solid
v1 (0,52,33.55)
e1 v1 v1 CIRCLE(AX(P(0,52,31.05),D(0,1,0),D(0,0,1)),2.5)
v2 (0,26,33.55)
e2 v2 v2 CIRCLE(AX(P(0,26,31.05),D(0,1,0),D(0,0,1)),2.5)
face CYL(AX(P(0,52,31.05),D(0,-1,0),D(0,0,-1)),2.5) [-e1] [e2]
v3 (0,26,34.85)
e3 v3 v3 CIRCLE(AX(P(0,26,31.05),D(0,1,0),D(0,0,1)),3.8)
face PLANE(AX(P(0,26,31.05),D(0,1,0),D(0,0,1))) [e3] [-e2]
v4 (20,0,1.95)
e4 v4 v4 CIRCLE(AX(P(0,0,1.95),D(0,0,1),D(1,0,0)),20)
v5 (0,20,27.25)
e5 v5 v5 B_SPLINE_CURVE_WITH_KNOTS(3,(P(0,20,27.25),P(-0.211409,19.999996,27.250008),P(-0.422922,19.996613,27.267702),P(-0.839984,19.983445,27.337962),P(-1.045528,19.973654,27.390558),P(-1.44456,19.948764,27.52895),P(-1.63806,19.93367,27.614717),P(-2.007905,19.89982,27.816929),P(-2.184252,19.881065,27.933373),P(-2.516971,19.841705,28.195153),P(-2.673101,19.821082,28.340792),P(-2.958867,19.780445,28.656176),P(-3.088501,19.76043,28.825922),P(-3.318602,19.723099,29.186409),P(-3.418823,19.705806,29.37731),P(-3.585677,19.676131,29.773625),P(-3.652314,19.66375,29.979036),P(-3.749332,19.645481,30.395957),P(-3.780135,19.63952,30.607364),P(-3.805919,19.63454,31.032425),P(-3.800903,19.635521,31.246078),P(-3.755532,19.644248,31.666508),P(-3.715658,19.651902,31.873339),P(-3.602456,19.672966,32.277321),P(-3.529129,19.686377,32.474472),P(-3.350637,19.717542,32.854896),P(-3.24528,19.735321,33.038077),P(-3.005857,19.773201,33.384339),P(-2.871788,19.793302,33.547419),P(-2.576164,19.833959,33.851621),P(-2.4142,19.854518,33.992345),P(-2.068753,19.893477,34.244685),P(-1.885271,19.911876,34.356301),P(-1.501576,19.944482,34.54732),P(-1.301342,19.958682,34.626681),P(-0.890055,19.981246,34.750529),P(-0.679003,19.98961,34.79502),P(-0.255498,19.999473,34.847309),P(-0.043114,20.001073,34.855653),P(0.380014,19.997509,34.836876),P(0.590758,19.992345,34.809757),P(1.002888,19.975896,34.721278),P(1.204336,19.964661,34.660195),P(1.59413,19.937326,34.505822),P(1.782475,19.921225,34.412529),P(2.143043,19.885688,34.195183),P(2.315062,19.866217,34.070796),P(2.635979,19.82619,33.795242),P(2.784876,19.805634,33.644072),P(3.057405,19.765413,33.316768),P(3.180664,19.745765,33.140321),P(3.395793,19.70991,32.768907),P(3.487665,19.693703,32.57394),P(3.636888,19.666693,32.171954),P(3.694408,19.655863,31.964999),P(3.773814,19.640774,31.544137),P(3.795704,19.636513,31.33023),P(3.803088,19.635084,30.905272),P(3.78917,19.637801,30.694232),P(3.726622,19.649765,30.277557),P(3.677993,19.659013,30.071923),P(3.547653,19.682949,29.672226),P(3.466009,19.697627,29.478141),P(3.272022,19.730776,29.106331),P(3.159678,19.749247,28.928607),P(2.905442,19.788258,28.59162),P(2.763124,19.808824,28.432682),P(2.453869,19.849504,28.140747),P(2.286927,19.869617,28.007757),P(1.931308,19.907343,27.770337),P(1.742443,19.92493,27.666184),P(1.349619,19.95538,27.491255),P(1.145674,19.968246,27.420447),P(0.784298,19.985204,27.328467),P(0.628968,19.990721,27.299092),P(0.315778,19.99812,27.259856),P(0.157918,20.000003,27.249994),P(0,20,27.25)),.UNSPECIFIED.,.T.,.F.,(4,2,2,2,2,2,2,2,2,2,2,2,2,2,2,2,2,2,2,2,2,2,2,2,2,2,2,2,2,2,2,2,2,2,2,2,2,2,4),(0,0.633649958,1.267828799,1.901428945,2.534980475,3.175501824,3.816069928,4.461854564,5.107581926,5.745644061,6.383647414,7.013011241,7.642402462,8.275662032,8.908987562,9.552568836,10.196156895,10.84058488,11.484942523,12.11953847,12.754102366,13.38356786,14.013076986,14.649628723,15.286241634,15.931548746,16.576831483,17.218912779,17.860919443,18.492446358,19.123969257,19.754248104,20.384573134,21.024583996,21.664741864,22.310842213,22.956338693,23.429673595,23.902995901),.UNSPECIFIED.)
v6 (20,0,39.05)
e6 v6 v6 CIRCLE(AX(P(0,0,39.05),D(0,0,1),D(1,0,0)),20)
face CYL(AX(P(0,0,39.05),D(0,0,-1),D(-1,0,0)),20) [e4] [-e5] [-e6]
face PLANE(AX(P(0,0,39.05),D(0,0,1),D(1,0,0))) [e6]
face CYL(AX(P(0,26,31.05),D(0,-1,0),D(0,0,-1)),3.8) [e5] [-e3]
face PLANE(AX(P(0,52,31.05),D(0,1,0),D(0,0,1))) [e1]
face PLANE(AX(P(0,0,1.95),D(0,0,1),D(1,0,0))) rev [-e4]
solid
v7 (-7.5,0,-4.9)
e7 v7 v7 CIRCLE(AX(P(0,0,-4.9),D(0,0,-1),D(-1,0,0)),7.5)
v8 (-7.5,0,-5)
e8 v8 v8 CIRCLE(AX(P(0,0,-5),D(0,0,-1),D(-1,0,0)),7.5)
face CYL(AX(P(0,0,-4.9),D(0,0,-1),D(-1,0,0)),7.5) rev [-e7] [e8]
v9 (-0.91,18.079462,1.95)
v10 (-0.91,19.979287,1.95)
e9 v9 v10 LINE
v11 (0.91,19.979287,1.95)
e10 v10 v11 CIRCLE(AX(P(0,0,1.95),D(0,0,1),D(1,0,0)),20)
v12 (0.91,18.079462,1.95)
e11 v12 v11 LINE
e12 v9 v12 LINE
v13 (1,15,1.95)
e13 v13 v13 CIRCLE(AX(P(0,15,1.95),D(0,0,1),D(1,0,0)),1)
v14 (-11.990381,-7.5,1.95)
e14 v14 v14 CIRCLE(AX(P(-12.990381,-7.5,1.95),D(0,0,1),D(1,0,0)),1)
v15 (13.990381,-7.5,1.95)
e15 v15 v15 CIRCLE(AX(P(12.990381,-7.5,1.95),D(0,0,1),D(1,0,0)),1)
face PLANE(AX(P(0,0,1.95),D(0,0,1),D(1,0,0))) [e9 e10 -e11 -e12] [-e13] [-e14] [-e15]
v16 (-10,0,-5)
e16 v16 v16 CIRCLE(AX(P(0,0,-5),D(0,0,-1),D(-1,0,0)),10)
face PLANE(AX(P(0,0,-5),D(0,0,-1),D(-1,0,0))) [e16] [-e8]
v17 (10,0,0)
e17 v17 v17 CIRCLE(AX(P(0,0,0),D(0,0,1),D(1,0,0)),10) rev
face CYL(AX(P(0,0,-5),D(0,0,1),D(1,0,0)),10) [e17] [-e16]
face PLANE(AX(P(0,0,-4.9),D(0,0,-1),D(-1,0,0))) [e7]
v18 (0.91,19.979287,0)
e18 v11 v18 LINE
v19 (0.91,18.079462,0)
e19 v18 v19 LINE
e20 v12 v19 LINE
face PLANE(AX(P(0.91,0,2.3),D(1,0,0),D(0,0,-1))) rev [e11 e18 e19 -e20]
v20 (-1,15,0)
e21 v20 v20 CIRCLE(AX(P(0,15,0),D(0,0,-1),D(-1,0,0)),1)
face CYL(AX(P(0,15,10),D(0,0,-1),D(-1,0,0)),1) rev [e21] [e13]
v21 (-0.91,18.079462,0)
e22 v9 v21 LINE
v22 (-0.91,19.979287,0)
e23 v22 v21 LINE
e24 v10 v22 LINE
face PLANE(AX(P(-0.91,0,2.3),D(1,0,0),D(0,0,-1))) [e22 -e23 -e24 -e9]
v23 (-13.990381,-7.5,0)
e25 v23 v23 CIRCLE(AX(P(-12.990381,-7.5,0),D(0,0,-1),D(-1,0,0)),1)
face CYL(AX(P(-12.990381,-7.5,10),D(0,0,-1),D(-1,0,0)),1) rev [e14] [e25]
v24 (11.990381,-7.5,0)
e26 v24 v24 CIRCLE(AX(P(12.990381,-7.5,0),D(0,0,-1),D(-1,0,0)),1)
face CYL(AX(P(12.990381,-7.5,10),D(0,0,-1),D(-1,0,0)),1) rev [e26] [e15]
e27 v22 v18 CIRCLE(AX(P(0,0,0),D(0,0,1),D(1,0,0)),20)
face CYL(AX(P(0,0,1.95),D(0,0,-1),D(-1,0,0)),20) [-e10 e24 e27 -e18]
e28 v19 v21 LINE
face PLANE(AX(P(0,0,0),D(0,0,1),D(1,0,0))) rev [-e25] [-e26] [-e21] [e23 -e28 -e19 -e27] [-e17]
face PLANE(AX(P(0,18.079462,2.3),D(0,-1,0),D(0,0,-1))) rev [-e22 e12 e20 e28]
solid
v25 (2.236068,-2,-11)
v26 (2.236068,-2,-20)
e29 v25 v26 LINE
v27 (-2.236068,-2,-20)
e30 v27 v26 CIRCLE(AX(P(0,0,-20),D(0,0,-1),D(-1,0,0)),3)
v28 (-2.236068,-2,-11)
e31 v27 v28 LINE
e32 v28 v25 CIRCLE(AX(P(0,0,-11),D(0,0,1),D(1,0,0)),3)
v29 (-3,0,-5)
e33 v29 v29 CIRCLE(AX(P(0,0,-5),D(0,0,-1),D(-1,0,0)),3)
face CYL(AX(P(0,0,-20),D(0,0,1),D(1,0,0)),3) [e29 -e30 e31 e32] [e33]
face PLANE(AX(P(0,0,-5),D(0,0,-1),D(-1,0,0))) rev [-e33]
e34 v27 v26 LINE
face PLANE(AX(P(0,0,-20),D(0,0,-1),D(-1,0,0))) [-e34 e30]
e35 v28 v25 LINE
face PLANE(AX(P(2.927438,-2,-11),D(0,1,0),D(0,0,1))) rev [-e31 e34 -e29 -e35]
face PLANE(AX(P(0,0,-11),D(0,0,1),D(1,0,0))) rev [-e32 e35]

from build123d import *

# Parameters (mm, degrees)
SKETCH1_R           = 20
BOSS_EXTRUDE1_DEPTH = 1.95
SKETCH2_R           = 10
BOSS_EXTRUDE2_DEPTH = 5
SKETCH3_R           = 3
BOSS_EXTRUDE3_DEPTH = 15
SKETCH4_R           = 1
CUT_EXTRUDE1_DEPTH  = 10
CUT_EXTRUDE2_DEPTH  = 2.3
SKETCH6_R           = 20
BOSS_EXTRUDE5_DEPTH = 37.1
SKETCH7_R           = 7.5
CUT_EXTRUDE3_DEPTH  = 0.1
SKETCH9_R           = 3.8
BOSS_EXTRUDE6_DEPTH = 26
SKETCH10_R          = 2.5
BOSS_EXTRUDE7_DEPTH = 26
SKETCH11_W          = 6.12779924
SKETCH11_H          = 1.319674488
CUT_EXTRUDE4_DEPTH  = 9


with BuildPart() as part:
    # Sketch1 → Boss-Extrude1 (new body)
    with BuildSketch(Plane.XY):
        Circle(SKETCH1_R)
    extrude(amount=BOSS_EXTRUDE1_DEPTH)

    # Sketch2 → Boss-Extrude2 (add)
    with BuildSketch(Plane(origin=(0, 0, 0), x_dir=(-1, 0, 0), z_dir=(0, 0, -1))):
        Circle(SKETCH2_R)
    extrude(amount=BOSS_EXTRUDE2_DEPTH)

    # Sketch3 → Boss-Extrude3 (add)
    with BuildSketch(Plane(origin=(0, 0, -5), x_dir=(-1, 0, 0), z_dir=(0, 0, -1))):
        Circle(SKETCH3_R)
    extrude(amount=BOSS_EXTRUDE3_DEPTH)

    # Sketch4 → Cut-Extrude1 (cut)
    with BuildSketch(Plane(origin=(0, 0, 0), x_dir=(-1, 0, 0), z_dir=(0, 0, -1))):
        with Locations((0, 15)):
            Circle(SKETCH4_R)
        with Locations((12.990381057, -7.5)):
            Circle(SKETCH4_R)
        with Locations((-12.990381057, -7.5)):
            Circle(SKETCH4_R)
    extrude(amount=-CUT_EXTRUDE1_DEPTH, mode=Mode.SUBTRACT)

    # Sketch5 → Cut-Extrude2 (cut)
    with BuildSketch(Plane(origin=(0, 0, 0), x_dir=(-1, 0, 0), z_dir=(0, 0, -1))):
        with BuildLine():
            ThreePointArc((0.91, 19.979286774), (0.455117852, 19.994821023), (0, 20))
            Line((0, 20), (0, 18.079462351))
            Line((0, 18.079462351), (0.91, 18.079462351))
            Line((0.91, 18.079462351), (0.91, 19.979286774))
        make_face()
        with BuildLine():
            Line((0, 18.079462351), (0, 20))
            ThreePointArc((0, 20), (-0.455117852, 19.994821023), (-0.91, 19.979286774))
            Line((-0.91, 19.979286774), (-0.91, 18.079462351))
            Line((-0.91, 18.079462351), (0, 18.079462351))
        make_face()
    extrude(amount=-CUT_EXTRUDE2_DEPTH, mode=Mode.SUBTRACT)

    # Sketch7 → Cut-Extrude3 (cut)
    with BuildSketch(Plane(origin=(0, 0, -5), x_dir=(-1, 0, 0), z_dir=(0, 0, -1))):
        Circle(SKETCH7_R)
    extrude(amount=-CUT_EXTRUDE3_DEPTH, mode=Mode.SUBTRACT)

    # Sketch11 → Cut-Extrude4 (cut)
    with BuildSketch(Plane(origin=(0, 0, -20), x_dir=(-1, 0, 0), z_dir=(0, 0, -1))):
        with Locations((0.136461737, -2.659837244)):
            Rectangle(SKETCH11_W, SKETCH11_H)
    extrude(amount=-CUT_EXTRUDE4_DEPTH, mode=Mode.SUBTRACT)


with BuildPart() as body_2:
    # Sketch6 → Boss-Extrude5 (new body)
    with BuildSketch(Plane.XY.offset(1.95)):
        Circle(SKETCH6_R)
    extrude(amount=BOSS_EXTRUDE5_DEPTH)

    # Sketch9 → Boss-Extrude6 (add)
    with BuildSketch(Plane(origin=(0, 0, 0), x_dir=(1, 0, 0), z_dir=(0, 1, 0))):
        with Locations((0, -31.05)):
            Circle(SKETCH9_R)
    extrude(amount=BOSS_EXTRUDE6_DEPTH)

    # Sketch10 → Boss-Extrude7 (add)
    with BuildSketch(Plane(origin=(0, 26, 0), x_dir=(1, 0, 0), z_dir=(0, 1, 0))):
        with Locations((0, -31.05)):
            Circle(SKETCH10_R)
    extrude(amount=BOSS_EXTRUDE7_DEPTH)


solid = Compound([part.part, body_2.part])
